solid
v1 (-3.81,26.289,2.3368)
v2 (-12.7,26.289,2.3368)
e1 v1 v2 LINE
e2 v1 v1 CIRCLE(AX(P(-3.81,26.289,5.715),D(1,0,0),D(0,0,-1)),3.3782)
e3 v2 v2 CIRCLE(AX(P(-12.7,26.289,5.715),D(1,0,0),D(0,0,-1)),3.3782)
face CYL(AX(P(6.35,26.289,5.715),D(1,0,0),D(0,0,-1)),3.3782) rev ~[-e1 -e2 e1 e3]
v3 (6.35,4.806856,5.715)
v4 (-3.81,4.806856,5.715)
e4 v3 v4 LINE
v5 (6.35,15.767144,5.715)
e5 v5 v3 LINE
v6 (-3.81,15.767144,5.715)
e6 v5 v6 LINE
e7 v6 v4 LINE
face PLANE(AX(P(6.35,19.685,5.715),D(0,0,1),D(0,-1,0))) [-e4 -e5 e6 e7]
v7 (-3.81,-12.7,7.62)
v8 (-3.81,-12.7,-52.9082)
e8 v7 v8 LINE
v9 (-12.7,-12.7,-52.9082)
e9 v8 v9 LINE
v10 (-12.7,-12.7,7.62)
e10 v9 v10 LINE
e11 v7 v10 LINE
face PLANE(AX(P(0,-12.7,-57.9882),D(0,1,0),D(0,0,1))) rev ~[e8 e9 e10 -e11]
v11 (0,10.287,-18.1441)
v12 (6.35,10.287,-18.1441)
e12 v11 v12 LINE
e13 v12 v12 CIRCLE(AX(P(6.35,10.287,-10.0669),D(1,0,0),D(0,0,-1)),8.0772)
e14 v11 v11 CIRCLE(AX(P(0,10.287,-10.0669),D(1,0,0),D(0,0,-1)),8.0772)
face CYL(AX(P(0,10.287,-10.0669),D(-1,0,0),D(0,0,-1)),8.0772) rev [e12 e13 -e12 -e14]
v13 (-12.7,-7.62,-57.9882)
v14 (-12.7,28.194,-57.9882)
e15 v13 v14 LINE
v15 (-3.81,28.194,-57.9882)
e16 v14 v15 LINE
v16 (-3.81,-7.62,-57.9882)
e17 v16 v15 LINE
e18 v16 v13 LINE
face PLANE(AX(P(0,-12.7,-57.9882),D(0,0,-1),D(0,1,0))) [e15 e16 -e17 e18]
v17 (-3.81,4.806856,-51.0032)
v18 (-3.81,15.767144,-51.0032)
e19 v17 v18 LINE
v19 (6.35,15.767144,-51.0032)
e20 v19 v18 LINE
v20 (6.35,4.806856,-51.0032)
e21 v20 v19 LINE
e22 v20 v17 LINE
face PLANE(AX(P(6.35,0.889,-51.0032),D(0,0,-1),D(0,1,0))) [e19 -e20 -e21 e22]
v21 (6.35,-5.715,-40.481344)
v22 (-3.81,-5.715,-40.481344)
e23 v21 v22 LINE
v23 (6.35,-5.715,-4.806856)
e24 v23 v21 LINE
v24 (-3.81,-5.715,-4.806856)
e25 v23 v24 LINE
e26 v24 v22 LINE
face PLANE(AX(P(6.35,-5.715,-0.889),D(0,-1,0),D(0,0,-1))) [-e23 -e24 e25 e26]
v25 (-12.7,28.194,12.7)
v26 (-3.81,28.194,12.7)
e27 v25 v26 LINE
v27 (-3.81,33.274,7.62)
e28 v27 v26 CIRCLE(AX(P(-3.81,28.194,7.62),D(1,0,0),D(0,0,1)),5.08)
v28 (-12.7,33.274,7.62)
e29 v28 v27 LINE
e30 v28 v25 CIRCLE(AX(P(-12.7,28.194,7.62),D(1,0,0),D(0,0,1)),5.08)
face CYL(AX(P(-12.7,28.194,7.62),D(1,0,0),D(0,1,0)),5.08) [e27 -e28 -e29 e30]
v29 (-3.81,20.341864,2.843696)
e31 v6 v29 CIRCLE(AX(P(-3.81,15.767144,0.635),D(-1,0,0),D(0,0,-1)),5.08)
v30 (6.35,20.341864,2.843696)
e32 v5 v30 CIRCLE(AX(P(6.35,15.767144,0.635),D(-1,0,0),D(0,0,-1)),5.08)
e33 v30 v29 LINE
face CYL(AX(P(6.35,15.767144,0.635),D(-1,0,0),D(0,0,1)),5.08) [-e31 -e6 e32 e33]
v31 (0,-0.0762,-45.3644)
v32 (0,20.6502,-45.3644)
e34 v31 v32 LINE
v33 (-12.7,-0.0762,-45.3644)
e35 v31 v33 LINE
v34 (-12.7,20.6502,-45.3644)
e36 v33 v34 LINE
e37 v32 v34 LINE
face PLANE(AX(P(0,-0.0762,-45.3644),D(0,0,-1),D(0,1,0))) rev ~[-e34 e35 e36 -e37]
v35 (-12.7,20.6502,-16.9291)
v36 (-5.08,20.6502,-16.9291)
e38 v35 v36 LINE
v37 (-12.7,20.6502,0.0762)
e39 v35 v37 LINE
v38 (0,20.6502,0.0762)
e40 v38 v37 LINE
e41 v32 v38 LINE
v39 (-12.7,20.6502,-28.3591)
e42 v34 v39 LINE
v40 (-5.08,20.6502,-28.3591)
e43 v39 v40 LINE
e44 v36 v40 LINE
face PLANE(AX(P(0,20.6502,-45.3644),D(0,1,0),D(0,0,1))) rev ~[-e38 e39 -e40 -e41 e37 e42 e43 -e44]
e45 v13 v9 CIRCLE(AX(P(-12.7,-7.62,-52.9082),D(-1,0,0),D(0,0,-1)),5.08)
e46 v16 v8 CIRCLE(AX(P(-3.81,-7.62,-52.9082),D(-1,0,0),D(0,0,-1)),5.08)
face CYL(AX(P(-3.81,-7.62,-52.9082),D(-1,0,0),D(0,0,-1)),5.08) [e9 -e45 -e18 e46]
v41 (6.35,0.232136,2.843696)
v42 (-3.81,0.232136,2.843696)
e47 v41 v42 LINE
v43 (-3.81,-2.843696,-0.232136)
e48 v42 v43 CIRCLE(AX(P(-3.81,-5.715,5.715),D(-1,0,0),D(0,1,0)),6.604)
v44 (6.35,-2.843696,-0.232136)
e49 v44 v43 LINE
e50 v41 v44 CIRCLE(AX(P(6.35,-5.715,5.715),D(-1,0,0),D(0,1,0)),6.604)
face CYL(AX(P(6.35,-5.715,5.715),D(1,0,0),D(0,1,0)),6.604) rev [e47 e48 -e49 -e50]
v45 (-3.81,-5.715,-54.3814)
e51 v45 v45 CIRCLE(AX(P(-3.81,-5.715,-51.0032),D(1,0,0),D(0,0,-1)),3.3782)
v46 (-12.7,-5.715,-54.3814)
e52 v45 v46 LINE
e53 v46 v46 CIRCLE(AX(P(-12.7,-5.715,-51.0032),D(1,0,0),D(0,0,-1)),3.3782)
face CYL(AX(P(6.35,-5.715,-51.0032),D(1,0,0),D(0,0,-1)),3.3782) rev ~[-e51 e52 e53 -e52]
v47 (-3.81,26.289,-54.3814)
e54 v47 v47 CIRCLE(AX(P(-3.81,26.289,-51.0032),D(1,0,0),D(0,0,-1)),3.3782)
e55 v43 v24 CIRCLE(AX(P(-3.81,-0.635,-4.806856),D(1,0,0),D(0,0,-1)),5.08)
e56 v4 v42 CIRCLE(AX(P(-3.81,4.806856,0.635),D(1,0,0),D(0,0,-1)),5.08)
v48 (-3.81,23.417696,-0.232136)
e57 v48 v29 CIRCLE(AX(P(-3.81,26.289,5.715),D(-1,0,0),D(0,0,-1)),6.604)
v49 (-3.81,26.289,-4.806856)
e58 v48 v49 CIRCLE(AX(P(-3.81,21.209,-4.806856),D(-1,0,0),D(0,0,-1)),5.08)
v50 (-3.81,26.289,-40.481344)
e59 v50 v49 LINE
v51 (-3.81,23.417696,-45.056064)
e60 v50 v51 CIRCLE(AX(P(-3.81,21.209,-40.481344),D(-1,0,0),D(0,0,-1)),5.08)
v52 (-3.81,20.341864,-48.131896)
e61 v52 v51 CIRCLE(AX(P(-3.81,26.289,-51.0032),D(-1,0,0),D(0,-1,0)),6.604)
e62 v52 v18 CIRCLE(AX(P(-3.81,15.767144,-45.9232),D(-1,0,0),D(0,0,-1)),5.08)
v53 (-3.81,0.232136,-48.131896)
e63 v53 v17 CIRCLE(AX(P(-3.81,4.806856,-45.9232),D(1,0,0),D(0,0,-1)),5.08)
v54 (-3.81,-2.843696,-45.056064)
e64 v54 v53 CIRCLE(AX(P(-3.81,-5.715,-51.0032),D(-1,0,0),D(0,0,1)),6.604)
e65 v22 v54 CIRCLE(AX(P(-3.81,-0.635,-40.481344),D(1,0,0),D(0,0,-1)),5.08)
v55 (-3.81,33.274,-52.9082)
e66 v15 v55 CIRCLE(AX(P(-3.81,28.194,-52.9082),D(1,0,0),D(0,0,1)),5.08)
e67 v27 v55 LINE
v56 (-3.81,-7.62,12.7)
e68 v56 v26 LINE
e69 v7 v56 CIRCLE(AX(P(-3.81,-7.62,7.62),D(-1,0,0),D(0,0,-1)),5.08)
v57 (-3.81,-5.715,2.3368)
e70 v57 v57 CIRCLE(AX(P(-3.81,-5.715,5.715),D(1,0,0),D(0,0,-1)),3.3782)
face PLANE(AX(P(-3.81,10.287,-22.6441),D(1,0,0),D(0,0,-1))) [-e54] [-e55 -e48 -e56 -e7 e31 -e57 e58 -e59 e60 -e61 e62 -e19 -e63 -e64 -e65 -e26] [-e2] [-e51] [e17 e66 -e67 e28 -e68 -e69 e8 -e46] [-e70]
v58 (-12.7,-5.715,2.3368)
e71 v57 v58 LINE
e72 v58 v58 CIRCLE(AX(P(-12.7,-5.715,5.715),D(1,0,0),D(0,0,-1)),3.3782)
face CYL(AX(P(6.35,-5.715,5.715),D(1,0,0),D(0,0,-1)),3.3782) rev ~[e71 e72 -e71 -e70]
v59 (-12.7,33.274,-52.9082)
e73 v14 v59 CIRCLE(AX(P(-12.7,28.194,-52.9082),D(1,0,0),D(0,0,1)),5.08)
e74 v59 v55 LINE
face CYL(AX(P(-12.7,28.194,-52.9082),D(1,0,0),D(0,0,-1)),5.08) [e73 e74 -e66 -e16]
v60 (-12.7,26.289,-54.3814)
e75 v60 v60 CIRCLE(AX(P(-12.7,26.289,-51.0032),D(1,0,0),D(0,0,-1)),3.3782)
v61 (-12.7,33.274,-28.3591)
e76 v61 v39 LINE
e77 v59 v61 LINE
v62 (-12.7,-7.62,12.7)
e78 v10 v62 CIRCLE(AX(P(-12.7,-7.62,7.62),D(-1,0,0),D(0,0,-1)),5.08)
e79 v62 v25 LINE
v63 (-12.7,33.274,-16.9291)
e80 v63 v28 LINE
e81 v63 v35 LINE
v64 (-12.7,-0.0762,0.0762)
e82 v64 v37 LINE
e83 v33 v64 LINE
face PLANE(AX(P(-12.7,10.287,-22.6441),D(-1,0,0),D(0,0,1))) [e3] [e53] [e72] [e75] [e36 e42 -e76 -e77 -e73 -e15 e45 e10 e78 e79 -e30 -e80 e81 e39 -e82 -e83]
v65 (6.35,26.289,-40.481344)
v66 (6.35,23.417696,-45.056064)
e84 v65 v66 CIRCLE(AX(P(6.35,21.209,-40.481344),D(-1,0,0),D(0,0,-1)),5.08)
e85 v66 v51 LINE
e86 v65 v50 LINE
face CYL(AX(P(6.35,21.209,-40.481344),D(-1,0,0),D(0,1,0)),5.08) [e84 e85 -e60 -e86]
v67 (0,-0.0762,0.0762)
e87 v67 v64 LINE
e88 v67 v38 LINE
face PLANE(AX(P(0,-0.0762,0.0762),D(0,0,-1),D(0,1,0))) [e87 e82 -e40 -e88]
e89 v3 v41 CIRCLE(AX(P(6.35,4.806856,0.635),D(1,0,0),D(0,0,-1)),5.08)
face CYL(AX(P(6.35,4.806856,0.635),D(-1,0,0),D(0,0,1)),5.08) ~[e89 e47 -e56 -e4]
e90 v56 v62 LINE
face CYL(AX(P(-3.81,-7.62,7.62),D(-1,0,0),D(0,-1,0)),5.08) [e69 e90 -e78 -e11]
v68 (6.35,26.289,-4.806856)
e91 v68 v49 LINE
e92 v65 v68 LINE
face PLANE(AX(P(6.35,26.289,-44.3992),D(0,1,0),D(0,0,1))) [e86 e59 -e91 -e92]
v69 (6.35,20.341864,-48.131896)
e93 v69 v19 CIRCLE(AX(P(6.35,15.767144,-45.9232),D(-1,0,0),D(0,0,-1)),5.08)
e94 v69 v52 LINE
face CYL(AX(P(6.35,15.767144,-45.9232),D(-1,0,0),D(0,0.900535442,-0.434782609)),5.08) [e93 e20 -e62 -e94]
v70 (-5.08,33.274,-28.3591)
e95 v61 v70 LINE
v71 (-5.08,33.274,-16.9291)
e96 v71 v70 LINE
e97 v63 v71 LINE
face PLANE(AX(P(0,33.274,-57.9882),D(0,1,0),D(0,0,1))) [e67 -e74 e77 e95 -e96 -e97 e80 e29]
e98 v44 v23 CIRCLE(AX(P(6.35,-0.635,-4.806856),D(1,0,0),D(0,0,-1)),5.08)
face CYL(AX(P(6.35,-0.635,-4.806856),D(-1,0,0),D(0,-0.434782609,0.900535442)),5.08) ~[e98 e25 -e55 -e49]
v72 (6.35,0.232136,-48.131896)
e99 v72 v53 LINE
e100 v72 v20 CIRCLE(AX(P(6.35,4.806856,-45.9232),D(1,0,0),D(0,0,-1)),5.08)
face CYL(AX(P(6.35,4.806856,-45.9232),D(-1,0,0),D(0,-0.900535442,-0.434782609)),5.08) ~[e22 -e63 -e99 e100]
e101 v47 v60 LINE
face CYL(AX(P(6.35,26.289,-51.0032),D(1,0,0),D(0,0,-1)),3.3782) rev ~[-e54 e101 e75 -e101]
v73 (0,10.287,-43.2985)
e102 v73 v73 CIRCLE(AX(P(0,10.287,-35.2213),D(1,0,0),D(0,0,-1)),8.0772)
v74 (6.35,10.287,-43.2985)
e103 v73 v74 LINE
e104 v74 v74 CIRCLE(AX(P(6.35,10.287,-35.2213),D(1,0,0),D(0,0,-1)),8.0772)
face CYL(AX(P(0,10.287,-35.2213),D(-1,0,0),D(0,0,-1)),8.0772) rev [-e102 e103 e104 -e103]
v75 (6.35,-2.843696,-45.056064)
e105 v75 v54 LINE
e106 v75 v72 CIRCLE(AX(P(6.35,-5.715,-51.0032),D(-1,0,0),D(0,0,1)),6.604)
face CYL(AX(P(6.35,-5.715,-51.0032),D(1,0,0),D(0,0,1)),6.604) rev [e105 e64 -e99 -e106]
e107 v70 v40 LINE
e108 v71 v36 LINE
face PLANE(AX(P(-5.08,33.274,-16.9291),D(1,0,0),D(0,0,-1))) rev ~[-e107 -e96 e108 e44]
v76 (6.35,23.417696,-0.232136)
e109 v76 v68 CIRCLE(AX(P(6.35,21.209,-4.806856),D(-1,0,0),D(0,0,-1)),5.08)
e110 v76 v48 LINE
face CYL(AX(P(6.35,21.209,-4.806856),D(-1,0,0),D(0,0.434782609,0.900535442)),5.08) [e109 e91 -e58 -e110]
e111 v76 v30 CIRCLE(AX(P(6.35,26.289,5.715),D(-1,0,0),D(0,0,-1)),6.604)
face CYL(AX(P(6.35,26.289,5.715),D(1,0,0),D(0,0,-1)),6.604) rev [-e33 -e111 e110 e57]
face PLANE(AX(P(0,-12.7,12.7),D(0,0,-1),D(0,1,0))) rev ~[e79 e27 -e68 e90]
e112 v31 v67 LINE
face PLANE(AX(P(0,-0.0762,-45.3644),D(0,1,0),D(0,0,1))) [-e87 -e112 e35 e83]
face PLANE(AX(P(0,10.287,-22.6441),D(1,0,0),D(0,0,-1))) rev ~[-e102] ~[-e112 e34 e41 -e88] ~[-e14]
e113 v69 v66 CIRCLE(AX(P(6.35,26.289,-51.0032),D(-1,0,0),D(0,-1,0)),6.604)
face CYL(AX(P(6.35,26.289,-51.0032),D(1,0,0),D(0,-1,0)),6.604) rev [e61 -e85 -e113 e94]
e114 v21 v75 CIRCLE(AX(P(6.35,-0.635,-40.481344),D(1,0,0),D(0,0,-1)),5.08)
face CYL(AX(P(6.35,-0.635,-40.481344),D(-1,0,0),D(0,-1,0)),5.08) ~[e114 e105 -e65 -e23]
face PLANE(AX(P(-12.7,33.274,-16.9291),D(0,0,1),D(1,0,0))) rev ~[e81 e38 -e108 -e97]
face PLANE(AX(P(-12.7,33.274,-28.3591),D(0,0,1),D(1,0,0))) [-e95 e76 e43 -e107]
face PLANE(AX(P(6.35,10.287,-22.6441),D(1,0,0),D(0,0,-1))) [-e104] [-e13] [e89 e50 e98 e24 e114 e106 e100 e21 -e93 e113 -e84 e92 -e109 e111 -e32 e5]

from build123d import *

# Parameters (mm, degrees)
SKETCH1_W           = 70.6882
SKETCH1_H           = 45.974
SKETCH1_R           = 8.0772
BOSS_EXTRUDE1_DEPTH = 6.35
SKETCH2_W           = 70.6882
SKETCH2_H           = 45.974
SKETCH2_W_2         = 45.4406
SKETCH2_H_2         = 20.7264
BOSS_EXTRUDE2_DEPTH = 12.7
SKETCH3_W           = 7.62
SKETCH3_H           = 11.43
CUT_EXTRUDE1_DEPTH  = 12.6238
SKETCH4_W           = 70.6882
SKETCH4_H           = 45.974
SKETCH4_R           = 3.3782
CUT_EXTRUDE2_DEPTH  = 10.16
SKETCH4_3_R         = 3.3782
CUT_EXTRUDE3_DEPTH  = 70.517572708
FILLET1_R           = 5.08


with BuildPart() as part:
    # Sketch1 → Boss-Extrude1 (new body)
    with BuildSketch(Plane(origin=(0, 0, 0), x_dir=(0, 0, -1), z_dir=(1, 0, 0))):
        with Locations((22.6441, 10.287)):
            Rectangle(SKETCH1_W, SKETCH1_H)
        with Locations((35.221300017, 10.287)):
            Circle(SKETCH1_R, mode=Mode.SUBTRACT)
        with Locations((10.066899983, 10.287)):
            Circle(SKETCH1_R, mode=Mode.SUBTRACT)
    extrude(amount=BOSS_EXTRUDE1_DEPTH)

    # Sketch2 → Boss-Extrude2 (add)
    with BuildSketch(Plane.ZY):
        with Locations((-22.6441, 10.287)):
            Rectangle(SKETCH2_W, SKETCH2_H)
        with Locations((-22.6441, 10.287)):
            Rectangle(SKETCH2_W_2, SKETCH2_H_2, mode=Mode.SUBTRACT)
    extrude(amount=BOSS_EXTRUDE2_DEPTH)

    # Sketch3 → Cut-Extrude1 (cut)
    with BuildSketch(Plane(origin=(0, 33.274, 0), x_dir=(1, 0, 0), z_dir=(0, 1, 0))):
        with Locations((-8.89, 22.6441)):
            Rectangle(SKETCH3_W, SKETCH3_H)
    extrude(amount=-CUT_EXTRUDE1_DEPTH, mode=Mode.SUBTRACT)

    # Sketch4 → Cut-Extrude2 (cut)
    # profile 1 of 5: a face of its own
    with BuildSketch(Plane(origin=(6.35, 0, 0), x_dir=(0, 0, -1), z_dir=(1, 0, 0))):
        with Locations((22.6441, 10.287)):
            Rectangle(SKETCH4_W, SKETCH4_H)
        with Locations((-5.715, 26.289)):
            Circle(SKETCH4_R, mode=Mode.SUBTRACT)
        with Locations((-5.715, -5.715)):
            Circle(SKETCH4_R, mode=Mode.SUBTRACT)
        with Locations((51.0032, -5.715)):
            Circle(SKETCH4_R, mode=Mode.SUBTRACT)
        with Locations((51.0032, 26.289)):
            Circle(SKETCH4_R, mode=Mode.SUBTRACT)
        with BuildLine():
            Line((-5.715, 19.685), (-5.715, 0.889))
            ThreePointArc((-5.715, 0.889), (-1.045266817, -1.045266817), (0.889, -5.715))
            Line((0.889, -5.715), (44.3992, -5.715))
            ThreePointArc((44.3992, -5.715), (46.333466817, -1.045266817), (51.0032, 0.889))
            Line((51.0032, 0.889), (51.0032, 19.685))
            ThreePointArc((51.0032, 19.685), (46.333466817, 21.619266817), (44.3992, 26.289))
            Line((44.3992, 26.289), (0.889, 26.289))
            ThreePointArc((0.889, 26.289), (-1.045266817, 21.619266817), (-5.715, 19.685))
        make_face(mode=Mode.SUBTRACT)
    # profile 2 of 5: a face of its own
    with BuildSketch(Plane(origin=(6.35, 0, 0), x_dir=(0, 0, -1), z_dir=(1, 0, 0))):
        with Locations((-5.715, -5.715)):
            Circle(SKETCH4_R)
    # profile 3 of 5: a face of its own
    with BuildSketch(Plane(origin=(6.35, 0, 0), x_dir=(0, 0, -1), z_dir=(1, 0, 0))):
        with Locations((-5.715, 26.289)):
            Circle(SKETCH4_R)
    # profile 4 of 5: a face of its own
    with BuildSketch(Plane(origin=(6.35, 0, 0), x_dir=(0, 0, -1), z_dir=(1, 0, 0))):
        with Locations((51.0032, 26.289)):
            Circle(SKETCH4_R)
    # profile 5 of 5: a face of its own
    with BuildSketch(Plane(origin=(6.35, 0, 0), x_dir=(0, 0, -1), z_dir=(1, 0, 0))):
        with Locations((51.0032, -5.715)):
            Circle(SKETCH4_R)
    extrude(amount=-CUT_EXTRUDE2_DEPTH, mode=Mode.SUBTRACT)

    # Sketch4<3> → Cut-Extrude3 (cut, through all)
    with BuildSketch(Plane(origin=(6.35, 0, 0), x_dir=(0, 0, -1), z_dir=(1, 0, 0))):
        with Locations((-5.715, -5.715)):
            Circle(SKETCH4_3_R)
        with Locations((-5.715, 26.289)):
            Circle(SKETCH4_3_R)
        with Locations((51.0032, 26.289)):
            Circle(SKETCH4_3_R)
        with Locations((51.0032, -5.715)):
            Circle(SKETCH4_3_R)
    extrude(amount=-CUT_EXTRUDE3_DEPTH, mode=Mode.SUBTRACT)

    # Fillet1
    fillet1_edges = [part.edges().sort_by_distance(p)[0] for p in [
        (-8.255, 33.274, 12.7),
        (-8.255, 33.274, -57.9882),
        (-8.255, -12.7, -57.9882),
        (-8.255, -12.7, 12.7),
        (1.27, 19.685, 5.715),
        (1.27, 0.889, 5.715),
        (1.27, -5.715, -0.889),
        (1.27, -5.715, -44.3992),
        (1.27, 0.889, -51.0032),
        (1.27, 19.685, -51.0032),
        (1.27, 26.289, -44.3992),
        (1.27, 26.289, -0.889),
    ]]
    fillet(fillet1_edges, radius=FILLET1_R)


solid = part.part
